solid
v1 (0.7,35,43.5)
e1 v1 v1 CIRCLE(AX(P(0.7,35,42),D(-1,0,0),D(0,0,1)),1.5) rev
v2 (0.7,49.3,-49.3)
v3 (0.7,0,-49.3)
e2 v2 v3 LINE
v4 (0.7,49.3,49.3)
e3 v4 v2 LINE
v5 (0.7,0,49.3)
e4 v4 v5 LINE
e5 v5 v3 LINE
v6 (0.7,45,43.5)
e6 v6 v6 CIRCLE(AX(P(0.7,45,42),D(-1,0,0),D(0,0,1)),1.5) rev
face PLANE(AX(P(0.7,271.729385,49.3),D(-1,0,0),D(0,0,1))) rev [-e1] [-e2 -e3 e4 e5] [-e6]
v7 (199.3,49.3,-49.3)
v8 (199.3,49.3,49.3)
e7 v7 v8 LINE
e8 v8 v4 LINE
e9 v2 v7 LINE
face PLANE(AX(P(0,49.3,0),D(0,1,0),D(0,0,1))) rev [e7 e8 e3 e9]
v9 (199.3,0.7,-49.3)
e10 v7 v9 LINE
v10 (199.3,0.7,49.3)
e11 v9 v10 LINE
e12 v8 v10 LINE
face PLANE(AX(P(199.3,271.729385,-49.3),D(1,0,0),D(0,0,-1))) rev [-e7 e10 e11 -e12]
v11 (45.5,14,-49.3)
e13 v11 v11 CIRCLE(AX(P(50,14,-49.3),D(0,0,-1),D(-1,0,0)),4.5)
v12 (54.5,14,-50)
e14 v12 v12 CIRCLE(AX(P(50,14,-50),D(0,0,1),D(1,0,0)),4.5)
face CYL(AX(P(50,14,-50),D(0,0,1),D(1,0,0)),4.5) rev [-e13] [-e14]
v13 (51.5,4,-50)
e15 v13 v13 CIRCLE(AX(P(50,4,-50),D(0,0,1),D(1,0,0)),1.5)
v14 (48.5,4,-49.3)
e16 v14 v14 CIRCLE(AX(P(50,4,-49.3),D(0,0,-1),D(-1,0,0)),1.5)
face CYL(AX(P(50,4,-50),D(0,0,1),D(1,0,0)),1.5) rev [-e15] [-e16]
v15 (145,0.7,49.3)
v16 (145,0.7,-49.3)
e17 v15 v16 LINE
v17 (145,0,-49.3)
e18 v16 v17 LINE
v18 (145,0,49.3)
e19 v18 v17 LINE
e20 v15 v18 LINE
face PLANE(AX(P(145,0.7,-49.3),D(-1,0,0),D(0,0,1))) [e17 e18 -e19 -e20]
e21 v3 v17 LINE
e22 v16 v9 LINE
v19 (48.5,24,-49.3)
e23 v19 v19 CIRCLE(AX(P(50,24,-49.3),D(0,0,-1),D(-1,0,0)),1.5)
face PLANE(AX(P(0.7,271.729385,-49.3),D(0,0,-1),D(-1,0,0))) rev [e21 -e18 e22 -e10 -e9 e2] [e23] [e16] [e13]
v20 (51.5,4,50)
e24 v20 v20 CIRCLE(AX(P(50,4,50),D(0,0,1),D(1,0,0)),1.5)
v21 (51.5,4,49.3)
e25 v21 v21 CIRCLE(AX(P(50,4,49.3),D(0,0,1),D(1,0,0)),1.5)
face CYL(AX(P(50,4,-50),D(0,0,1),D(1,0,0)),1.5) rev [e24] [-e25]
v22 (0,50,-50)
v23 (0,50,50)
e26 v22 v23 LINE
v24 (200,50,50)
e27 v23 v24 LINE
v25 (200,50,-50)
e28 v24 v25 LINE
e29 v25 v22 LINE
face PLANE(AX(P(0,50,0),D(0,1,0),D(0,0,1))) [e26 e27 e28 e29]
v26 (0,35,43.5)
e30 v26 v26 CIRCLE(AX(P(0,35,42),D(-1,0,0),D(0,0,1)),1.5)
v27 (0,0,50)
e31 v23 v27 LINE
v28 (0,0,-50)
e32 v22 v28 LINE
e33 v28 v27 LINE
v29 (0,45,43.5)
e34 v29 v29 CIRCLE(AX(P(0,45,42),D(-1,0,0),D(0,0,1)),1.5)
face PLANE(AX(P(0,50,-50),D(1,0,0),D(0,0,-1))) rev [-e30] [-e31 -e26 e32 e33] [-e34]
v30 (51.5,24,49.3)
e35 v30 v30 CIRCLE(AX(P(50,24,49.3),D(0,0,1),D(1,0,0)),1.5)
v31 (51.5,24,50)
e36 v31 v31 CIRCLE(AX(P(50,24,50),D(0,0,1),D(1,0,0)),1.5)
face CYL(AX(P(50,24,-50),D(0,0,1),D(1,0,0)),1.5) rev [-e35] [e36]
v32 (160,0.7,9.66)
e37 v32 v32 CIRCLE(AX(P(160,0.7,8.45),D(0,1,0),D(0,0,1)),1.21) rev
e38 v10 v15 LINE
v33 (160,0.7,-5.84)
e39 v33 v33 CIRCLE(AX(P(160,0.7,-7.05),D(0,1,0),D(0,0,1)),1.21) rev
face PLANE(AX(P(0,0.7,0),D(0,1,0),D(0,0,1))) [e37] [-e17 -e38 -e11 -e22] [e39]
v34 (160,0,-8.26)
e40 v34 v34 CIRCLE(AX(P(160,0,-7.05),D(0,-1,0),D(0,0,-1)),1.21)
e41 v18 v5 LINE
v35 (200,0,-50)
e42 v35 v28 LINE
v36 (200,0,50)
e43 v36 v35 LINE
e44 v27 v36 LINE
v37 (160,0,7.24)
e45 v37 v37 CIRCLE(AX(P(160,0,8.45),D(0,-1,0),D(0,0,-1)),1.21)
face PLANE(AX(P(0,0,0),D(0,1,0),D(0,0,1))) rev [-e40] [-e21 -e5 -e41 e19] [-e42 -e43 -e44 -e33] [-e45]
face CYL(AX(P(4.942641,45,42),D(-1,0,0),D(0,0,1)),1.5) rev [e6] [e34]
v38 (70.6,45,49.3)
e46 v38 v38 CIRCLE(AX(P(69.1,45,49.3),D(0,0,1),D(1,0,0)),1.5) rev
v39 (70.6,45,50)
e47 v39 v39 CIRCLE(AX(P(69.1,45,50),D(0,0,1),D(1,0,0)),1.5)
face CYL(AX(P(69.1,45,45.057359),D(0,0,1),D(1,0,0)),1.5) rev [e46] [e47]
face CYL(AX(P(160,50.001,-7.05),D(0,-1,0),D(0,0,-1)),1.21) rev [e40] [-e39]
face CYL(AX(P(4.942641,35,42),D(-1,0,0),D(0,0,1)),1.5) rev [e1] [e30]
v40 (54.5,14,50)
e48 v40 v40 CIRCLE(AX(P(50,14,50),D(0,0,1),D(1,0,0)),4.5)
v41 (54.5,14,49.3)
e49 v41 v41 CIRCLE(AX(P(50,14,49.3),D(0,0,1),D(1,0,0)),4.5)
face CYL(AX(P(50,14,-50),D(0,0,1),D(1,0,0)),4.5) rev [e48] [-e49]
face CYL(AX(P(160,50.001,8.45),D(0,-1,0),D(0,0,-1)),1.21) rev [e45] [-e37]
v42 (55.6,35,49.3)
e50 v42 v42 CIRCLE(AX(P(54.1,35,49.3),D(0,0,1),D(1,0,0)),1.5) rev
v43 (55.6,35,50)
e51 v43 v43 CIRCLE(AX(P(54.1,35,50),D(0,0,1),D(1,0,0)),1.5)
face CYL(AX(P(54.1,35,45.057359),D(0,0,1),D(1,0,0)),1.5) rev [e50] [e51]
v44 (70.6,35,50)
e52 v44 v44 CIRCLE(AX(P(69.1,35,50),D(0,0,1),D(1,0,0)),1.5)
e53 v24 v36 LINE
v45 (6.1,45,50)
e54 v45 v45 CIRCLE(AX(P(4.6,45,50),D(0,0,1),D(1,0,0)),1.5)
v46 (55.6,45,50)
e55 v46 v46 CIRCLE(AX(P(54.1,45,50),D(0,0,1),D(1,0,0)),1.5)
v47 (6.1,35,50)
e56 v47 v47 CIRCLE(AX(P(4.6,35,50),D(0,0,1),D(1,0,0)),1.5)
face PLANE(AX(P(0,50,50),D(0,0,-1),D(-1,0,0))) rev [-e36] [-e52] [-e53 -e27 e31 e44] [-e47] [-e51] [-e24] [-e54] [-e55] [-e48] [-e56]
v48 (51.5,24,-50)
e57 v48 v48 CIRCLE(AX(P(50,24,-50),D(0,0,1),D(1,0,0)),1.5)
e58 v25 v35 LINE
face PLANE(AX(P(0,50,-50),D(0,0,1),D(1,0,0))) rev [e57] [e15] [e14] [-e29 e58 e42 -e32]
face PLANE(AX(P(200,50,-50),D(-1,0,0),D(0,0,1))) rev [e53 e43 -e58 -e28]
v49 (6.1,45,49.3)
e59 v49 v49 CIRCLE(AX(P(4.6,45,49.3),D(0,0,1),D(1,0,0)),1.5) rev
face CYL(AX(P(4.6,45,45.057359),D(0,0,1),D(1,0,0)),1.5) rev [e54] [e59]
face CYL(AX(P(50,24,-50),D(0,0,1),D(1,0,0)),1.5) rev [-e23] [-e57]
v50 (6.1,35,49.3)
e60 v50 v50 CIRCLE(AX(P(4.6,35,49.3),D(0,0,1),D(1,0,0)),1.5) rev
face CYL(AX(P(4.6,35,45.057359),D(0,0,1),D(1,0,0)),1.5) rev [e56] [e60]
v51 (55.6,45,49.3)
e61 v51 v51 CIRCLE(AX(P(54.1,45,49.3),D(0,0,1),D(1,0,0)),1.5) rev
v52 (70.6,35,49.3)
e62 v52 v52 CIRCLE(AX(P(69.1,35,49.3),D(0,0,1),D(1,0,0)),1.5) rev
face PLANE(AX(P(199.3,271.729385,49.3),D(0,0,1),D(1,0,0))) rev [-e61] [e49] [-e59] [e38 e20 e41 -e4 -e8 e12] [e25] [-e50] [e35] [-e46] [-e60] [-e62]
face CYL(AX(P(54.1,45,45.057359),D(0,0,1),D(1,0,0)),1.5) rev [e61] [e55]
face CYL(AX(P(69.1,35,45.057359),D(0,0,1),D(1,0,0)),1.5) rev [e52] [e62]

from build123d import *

# Parameters (mm, degrees)
SKETCH1_W           = 200
SKETCH1_H           = 100
BOSS_EXTRUDE1_DEPTH = 50
SKETCH3_W           = 198.6
SKETCH3_H           = 98.6
CUT_EXTRUDE1_DEPTH  = 49.3
SKETCH4_W           = 54.3
SKETCH4_H           = 98.6
BOSS_EXTRUDE2_DEPTH = 0.7
SKETCH2_R           = 4.5
SKETCH2_R_2         = 1.5
CUT_EXTRUDE2_DEPTH  = 230.128784748
SKETCH6_R           = 1.5
CUT_EXTRUDE3_DEPTH  = 0.7
SKETCH7_R           = 1.5
CUT_EXTRUDE4_DEPTH  = 0.7
CUT_EXTRUDE6_REACH  = 214.132
SKETCH8_R           = 1.21


with BuildPart() as part:
    # Sketch1 → Boss-Extrude1 (new body)
    with BuildSketch(Plane(origin=(0, 0, 0), x_dir=(1, 0, 0), z_dir=(0, 1, 0))):
        with Locations((100, 0)):
            Rectangle(SKETCH1_W, SKETCH1_H)
    extrude(amount=BOSS_EXTRUDE1_DEPTH)

    # Sketch3 → Cut-Extrude1 (cut)
    with BuildSketch(Plane.XZ):
        with Locations((100, 0)):
            Rectangle(SKETCH3_W, SKETCH3_H)
    extrude(amount=-CUT_EXTRUDE1_DEPTH, mode=Mode.SUBTRACT)

    # Sketch4 → Boss-Extrude2 (add)
    with BuildSketch(Plane.XZ):
        with Locations((172.15, 0)):
            Rectangle(SKETCH4_W, SKETCH4_H)
    extrude(amount=-BOSS_EXTRUDE2_DEPTH)

    # Sketch2 → Cut-Extrude2 (cut, through all)
    with BuildSketch(Plane.XY.offset(50)):
        with Locations((50, 14)):
            Circle(SKETCH2_R)
        with Locations((50, 4)):
            Circle(SKETCH2_R_2)
        with Locations((50, 24)):
            Circle(SKETCH2_R_2)
    extrude(amount=-CUT_EXTRUDE2_DEPTH, mode=Mode.SUBTRACT)

    # Sketch6 → Cut-Extrude3 (cut)
    with BuildSketch(Plane.XY.offset(50)):
        with Locations((4.6, 45)):
            Circle(SKETCH6_R)
        with Locations((4.6, 35)):
            Circle(SKETCH6_R)
        with Locations((54.1, 45)):
            Circle(SKETCH6_R)
        with Locations((54.1, 35)):
            Circle(SKETCH6_R)
        with Locations((69.1, 45)):
            Circle(SKETCH6_R)
        with Locations((69.1, 35)):
            Circle(SKETCH6_R)
    extrude(amount=-CUT_EXTRUDE3_DEPTH, mode=Mode.SUBTRACT)

    # Sketch7 → Cut-Extrude4 (cut)
    with BuildSketch(Plane.ZY):
        with Locations((42, 45)):
            Circle(SKETCH7_R)
        with Locations((42, 35)):
            Circle(SKETCH7_R)
    extrude(amount=-CUT_EXTRUDE4_DEPTH, mode=Mode.SUBTRACT)

    # Sketch8 → Cut-Extrude6 (cut, up to next)
    with BuildSketch(Plane.XZ, mode=Mode.PRIVATE) as cut_extrude6_sk1:
        with Locations(Location((160, 8.45, 0), (0, 0, 270))):
            Circle(SKETCH8_R)
    cut_extrude6_tool1 = extrude(cut_extrude6_sk1.sketch, amount=-CUT_EXTRUDE6_REACH, mode=Mode.PRIVATE) & part.part
    # Sketch8 → Cut-Extrude6 (cut, up to next)
    with BuildSketch(Plane.XZ, mode=Mode.PRIVATE) as cut_extrude6_sk2:
        with Locations(Location((160, -7.05, 0), (0, 0, 270))):
            Circle(SKETCH8_R)
    cut_extrude6_tool2 = extrude(cut_extrude6_sk2.sketch, amount=-CUT_EXTRUDE6_REACH, mode=Mode.PRIVATE) & part.part
    add(cut_extrude6_tool1.solids().sort_by_distance((160, 0, 8.45))[0], mode=Mode.SUBTRACT)
    add(cut_extrude6_tool2.solids().sort_by_distance((160, 0, -7.05))[0], mode=Mode.SUBTRACT)


solid = part.part
